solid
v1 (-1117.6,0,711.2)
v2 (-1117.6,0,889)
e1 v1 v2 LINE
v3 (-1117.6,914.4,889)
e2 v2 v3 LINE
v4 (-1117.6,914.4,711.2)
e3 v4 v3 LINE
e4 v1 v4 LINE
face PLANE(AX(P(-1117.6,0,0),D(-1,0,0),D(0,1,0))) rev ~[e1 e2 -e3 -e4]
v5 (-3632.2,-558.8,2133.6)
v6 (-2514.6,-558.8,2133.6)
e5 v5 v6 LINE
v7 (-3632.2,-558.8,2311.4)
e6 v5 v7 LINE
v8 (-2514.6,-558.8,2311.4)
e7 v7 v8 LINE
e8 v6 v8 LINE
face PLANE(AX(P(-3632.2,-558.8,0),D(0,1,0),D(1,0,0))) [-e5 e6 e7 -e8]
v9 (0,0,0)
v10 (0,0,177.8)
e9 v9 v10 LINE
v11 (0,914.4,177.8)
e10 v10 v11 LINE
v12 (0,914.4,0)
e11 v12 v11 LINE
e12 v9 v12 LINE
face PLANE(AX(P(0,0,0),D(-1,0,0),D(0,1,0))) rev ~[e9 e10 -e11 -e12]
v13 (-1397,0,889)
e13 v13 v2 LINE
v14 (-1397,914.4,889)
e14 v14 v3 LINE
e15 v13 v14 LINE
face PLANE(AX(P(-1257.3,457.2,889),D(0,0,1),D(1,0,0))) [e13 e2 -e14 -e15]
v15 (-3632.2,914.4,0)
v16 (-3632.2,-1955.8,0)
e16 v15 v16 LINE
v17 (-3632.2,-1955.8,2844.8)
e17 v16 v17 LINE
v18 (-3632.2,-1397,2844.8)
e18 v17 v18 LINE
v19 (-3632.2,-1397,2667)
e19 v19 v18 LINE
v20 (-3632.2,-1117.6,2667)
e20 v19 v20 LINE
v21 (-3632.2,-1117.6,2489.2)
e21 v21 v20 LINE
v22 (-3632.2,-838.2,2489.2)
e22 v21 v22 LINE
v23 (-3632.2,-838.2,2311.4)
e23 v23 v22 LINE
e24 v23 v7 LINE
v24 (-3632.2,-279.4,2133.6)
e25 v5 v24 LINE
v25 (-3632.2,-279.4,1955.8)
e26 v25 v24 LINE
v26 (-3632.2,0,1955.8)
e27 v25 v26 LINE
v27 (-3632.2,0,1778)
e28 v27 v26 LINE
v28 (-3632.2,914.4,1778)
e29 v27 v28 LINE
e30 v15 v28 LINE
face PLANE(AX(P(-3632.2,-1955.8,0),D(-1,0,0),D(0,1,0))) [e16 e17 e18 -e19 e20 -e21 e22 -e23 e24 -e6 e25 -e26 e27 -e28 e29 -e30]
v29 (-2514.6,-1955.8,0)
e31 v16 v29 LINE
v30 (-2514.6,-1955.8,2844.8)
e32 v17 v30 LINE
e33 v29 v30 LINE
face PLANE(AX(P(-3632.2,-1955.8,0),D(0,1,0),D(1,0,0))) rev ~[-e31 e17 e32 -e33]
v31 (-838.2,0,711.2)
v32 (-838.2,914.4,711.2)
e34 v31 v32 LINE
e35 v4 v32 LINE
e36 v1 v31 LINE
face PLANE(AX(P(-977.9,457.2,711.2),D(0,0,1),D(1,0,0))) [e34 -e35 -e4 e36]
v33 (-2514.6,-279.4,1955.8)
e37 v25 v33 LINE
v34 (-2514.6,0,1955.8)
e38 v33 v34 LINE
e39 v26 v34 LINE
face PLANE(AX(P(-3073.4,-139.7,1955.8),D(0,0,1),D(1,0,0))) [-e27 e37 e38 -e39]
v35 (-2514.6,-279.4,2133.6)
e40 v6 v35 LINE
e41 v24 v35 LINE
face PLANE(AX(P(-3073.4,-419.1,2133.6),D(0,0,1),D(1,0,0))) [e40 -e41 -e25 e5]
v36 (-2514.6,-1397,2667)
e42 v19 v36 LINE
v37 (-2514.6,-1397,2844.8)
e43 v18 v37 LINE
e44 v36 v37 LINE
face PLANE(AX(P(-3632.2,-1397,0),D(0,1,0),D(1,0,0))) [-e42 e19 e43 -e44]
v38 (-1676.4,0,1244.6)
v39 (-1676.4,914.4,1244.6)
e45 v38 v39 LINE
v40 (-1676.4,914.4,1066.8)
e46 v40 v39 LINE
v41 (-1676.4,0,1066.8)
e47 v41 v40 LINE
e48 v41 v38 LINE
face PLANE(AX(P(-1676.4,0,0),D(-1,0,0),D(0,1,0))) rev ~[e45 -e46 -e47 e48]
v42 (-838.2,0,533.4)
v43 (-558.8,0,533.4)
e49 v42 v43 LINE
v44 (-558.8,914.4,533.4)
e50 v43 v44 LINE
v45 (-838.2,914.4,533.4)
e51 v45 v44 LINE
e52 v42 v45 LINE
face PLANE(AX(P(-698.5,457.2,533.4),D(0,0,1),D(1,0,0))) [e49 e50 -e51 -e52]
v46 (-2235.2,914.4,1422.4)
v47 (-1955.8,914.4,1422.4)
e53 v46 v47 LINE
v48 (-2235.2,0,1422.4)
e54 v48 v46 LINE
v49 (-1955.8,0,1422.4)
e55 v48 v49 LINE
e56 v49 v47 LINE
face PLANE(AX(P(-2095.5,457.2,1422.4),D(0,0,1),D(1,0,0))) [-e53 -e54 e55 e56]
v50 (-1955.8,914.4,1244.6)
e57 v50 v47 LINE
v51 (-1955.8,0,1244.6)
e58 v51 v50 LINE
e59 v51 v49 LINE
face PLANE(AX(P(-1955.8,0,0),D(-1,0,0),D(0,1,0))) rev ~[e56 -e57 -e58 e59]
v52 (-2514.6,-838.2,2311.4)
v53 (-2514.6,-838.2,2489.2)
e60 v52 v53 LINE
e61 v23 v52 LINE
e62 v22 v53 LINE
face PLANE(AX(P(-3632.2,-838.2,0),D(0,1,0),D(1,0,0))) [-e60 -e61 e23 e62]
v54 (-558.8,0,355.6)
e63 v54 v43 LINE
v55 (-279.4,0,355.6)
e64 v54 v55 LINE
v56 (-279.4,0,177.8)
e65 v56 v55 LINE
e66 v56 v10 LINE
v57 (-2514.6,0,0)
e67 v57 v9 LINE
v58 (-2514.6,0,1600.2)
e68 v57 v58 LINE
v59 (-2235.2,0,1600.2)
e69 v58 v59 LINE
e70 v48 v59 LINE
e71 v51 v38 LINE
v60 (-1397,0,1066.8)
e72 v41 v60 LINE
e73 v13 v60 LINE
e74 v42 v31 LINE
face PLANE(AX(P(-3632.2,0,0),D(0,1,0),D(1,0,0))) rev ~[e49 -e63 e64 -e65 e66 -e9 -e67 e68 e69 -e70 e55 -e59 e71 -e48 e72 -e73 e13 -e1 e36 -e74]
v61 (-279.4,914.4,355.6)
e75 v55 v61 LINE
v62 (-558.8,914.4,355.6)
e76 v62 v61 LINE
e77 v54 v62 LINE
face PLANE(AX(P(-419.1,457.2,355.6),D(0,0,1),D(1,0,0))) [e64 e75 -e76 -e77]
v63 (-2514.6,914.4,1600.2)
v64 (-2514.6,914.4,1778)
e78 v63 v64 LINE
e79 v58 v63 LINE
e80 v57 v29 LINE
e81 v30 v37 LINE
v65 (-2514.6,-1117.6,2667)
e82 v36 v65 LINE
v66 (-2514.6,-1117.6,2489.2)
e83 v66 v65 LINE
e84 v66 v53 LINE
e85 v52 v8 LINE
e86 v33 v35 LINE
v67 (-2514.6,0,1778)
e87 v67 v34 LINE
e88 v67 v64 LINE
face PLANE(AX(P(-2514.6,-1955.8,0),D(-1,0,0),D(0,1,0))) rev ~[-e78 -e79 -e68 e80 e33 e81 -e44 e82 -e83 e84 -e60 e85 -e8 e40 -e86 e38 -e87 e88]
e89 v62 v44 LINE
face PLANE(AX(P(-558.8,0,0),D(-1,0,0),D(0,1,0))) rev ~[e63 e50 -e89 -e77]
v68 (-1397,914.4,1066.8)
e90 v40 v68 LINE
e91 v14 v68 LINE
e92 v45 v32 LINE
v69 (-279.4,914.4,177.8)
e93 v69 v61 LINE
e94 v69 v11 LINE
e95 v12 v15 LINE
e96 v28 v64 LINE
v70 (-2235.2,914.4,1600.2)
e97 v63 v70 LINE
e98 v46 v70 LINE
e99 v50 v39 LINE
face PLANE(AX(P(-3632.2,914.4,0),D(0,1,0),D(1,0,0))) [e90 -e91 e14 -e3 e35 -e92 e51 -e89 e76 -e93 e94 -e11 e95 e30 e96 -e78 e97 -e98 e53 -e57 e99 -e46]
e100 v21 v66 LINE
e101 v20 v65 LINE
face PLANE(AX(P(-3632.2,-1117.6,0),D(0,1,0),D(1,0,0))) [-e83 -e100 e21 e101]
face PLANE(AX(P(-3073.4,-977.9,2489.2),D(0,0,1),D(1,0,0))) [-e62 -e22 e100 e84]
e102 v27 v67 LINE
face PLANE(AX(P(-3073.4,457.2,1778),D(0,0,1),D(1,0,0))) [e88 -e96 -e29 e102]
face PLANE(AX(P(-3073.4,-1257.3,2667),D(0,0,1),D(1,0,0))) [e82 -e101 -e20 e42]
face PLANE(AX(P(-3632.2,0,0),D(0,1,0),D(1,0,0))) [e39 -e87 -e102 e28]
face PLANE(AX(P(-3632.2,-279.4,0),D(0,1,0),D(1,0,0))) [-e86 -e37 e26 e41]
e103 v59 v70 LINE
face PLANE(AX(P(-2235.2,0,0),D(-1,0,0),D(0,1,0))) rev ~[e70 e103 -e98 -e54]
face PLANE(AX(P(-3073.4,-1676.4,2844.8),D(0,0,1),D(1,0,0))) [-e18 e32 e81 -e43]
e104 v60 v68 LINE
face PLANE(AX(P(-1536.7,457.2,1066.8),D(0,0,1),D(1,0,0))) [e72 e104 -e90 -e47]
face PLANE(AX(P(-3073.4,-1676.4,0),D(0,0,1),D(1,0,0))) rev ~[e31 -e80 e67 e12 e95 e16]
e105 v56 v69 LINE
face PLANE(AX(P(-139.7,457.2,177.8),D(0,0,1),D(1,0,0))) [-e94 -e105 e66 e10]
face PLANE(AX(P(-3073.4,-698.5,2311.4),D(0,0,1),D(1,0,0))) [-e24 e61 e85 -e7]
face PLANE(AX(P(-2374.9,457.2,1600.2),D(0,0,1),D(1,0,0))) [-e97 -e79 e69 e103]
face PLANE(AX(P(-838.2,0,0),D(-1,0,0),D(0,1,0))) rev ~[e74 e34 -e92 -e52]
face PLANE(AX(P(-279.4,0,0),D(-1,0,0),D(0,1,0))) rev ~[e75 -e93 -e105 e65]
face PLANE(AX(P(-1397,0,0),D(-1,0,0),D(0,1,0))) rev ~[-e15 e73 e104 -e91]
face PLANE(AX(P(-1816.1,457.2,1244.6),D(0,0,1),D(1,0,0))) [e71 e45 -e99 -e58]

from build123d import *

# Parameters (mm, degrees)
F0_W      = 279.4
F0_H      = 914.4
F1_DEPTH  = 177.8
F2_DEPTH  = 355.6
F3_DEPTH  = 533.4
F4_DEPTH  = 711.2
F5_DEPTH  = 889
F6_DEPTH  = 1066.8
F7_DEPTH  = 1244.6
F8_DEPTH  = 1422.4
F9_DEPTH  = 1600.2
F0_W_2    = 1117.6
F10_DEPTH = 1778
F0_H_2    = 279.4
F11_DEPTH = 1955.8
F12_DEPTH = 2133.6
F13_DEPTH = 2311.4
F14_DEPTH = 2489.2
F15_DEPTH = 2667
F0_H_3    = 558.8
F16_DEPTH = 2844.8


with BuildPart() as f1:
    # F0 (on Top) → F1 (new body)
    with BuildSketch(Plane.XY):
        with Locations((-139.7, 457.2)):
            Rectangle(F0_W, F0_H)
    extrude(amount=F1_DEPTH)

    # F0 (on Top) → F2 (join)
    with BuildSketch(Plane.XY):
        with Locations((-419.1, 457.2)):
            Rectangle(F0_W, F0_H)
    extrude(amount=F2_DEPTH)

    # F0 (on Top) → F3 (join)
    with BuildSketch(Plane.XY):
        with Locations((-698.5, 457.2)):
            Rectangle(F0_W, F0_H)
    extrude(amount=F3_DEPTH)

    # F0 (on Top) → F4 (join)
    with BuildSketch(Plane.XY):
        with Locations((-977.9, 457.2)):
            Rectangle(F0_W, F0_H)
    extrude(amount=F4_DEPTH)

    # F0 (on Top) → F5 (join)
    with BuildSketch(Plane.XY):
        with Locations((-1257.3, 457.2)):
            Rectangle(F0_W, F0_H)
    extrude(amount=F5_DEPTH)

    # F0 (on Top) → F6 (join)
    with BuildSketch(Plane.XY):
        with Locations((-1536.7, 457.2)):
            Rectangle(F0_W, F0_H)
    extrude(amount=F6_DEPTH)

    # F0 (on Top) → F7 (join)
    with BuildSketch(Plane.XY):
        with Locations((-1816.1, 457.2)):
            Rectangle(F0_W, F0_H)
    extrude(amount=F7_DEPTH)

    # F0 (on Top) → F8 (join)
    with BuildSketch(Plane.XY):
        with Locations((-2095.5, 457.2)):
            Rectangle(F0_W, F0_H)
    extrude(amount=F8_DEPTH)

    # F0 (on Top) → F9 (join)
    with BuildSketch(Plane.XY):
        with Locations((-2374.9, 457.2)):
            Rectangle(F0_W, F0_H)
    extrude(amount=F9_DEPTH)

    # F0 (on Top) → F10 (join)
    with BuildSketch(Plane.XY):
        with Locations((-3073.4, 457.2)):
            Rectangle(F0_W_2, F0_H)
    extrude(amount=F10_DEPTH)

    # F0 (on Top) → F11 (join)
    with BuildSketch(Plane.XY):
        with Locations((-3073.4, -139.7)):
            Rectangle(F0_W_2, F0_H_2)
    extrude(amount=F11_DEPTH)

    # F0 (on Top) → F12 (join)
    with BuildSketch(Plane.XY):
        with Locations((-3073.4, -419.1)):
            Rectangle(F0_W_2, F0_H_2)
    extrude(amount=F12_DEPTH)

    # F0 (on Top) → F13 (join)
    with BuildSketch(Plane.XY):
        with Locations((-3073.4, -698.5)):
            Rectangle(F0_W_2, F0_H_2)
    extrude(amount=F13_DEPTH)

    # F0 (on Top) → F14 (join)
    with BuildSketch(Plane.XY):
        with Locations((-3073.4, -977.9)):
            Rectangle(F0_W_2, F0_H_2)
    extrude(amount=F14_DEPTH)

    # F0 (on Top) → F15 (join)
    with BuildSketch(Plane.XY):
        with Locations((-3073.4, -1257.3)):
            Rectangle(F0_W_2, F0_H_2)
    extrude(amount=F15_DEPTH)

    # F0 (on Top) → F16 (join)
    with BuildSketch(Plane.XY):
        with Locations((-3073.4, -1676.4)):
            Rectangle(F0_W_2, F0_H_3)
    extrude(amount=F16_DEPTH)


solid = f1.part
